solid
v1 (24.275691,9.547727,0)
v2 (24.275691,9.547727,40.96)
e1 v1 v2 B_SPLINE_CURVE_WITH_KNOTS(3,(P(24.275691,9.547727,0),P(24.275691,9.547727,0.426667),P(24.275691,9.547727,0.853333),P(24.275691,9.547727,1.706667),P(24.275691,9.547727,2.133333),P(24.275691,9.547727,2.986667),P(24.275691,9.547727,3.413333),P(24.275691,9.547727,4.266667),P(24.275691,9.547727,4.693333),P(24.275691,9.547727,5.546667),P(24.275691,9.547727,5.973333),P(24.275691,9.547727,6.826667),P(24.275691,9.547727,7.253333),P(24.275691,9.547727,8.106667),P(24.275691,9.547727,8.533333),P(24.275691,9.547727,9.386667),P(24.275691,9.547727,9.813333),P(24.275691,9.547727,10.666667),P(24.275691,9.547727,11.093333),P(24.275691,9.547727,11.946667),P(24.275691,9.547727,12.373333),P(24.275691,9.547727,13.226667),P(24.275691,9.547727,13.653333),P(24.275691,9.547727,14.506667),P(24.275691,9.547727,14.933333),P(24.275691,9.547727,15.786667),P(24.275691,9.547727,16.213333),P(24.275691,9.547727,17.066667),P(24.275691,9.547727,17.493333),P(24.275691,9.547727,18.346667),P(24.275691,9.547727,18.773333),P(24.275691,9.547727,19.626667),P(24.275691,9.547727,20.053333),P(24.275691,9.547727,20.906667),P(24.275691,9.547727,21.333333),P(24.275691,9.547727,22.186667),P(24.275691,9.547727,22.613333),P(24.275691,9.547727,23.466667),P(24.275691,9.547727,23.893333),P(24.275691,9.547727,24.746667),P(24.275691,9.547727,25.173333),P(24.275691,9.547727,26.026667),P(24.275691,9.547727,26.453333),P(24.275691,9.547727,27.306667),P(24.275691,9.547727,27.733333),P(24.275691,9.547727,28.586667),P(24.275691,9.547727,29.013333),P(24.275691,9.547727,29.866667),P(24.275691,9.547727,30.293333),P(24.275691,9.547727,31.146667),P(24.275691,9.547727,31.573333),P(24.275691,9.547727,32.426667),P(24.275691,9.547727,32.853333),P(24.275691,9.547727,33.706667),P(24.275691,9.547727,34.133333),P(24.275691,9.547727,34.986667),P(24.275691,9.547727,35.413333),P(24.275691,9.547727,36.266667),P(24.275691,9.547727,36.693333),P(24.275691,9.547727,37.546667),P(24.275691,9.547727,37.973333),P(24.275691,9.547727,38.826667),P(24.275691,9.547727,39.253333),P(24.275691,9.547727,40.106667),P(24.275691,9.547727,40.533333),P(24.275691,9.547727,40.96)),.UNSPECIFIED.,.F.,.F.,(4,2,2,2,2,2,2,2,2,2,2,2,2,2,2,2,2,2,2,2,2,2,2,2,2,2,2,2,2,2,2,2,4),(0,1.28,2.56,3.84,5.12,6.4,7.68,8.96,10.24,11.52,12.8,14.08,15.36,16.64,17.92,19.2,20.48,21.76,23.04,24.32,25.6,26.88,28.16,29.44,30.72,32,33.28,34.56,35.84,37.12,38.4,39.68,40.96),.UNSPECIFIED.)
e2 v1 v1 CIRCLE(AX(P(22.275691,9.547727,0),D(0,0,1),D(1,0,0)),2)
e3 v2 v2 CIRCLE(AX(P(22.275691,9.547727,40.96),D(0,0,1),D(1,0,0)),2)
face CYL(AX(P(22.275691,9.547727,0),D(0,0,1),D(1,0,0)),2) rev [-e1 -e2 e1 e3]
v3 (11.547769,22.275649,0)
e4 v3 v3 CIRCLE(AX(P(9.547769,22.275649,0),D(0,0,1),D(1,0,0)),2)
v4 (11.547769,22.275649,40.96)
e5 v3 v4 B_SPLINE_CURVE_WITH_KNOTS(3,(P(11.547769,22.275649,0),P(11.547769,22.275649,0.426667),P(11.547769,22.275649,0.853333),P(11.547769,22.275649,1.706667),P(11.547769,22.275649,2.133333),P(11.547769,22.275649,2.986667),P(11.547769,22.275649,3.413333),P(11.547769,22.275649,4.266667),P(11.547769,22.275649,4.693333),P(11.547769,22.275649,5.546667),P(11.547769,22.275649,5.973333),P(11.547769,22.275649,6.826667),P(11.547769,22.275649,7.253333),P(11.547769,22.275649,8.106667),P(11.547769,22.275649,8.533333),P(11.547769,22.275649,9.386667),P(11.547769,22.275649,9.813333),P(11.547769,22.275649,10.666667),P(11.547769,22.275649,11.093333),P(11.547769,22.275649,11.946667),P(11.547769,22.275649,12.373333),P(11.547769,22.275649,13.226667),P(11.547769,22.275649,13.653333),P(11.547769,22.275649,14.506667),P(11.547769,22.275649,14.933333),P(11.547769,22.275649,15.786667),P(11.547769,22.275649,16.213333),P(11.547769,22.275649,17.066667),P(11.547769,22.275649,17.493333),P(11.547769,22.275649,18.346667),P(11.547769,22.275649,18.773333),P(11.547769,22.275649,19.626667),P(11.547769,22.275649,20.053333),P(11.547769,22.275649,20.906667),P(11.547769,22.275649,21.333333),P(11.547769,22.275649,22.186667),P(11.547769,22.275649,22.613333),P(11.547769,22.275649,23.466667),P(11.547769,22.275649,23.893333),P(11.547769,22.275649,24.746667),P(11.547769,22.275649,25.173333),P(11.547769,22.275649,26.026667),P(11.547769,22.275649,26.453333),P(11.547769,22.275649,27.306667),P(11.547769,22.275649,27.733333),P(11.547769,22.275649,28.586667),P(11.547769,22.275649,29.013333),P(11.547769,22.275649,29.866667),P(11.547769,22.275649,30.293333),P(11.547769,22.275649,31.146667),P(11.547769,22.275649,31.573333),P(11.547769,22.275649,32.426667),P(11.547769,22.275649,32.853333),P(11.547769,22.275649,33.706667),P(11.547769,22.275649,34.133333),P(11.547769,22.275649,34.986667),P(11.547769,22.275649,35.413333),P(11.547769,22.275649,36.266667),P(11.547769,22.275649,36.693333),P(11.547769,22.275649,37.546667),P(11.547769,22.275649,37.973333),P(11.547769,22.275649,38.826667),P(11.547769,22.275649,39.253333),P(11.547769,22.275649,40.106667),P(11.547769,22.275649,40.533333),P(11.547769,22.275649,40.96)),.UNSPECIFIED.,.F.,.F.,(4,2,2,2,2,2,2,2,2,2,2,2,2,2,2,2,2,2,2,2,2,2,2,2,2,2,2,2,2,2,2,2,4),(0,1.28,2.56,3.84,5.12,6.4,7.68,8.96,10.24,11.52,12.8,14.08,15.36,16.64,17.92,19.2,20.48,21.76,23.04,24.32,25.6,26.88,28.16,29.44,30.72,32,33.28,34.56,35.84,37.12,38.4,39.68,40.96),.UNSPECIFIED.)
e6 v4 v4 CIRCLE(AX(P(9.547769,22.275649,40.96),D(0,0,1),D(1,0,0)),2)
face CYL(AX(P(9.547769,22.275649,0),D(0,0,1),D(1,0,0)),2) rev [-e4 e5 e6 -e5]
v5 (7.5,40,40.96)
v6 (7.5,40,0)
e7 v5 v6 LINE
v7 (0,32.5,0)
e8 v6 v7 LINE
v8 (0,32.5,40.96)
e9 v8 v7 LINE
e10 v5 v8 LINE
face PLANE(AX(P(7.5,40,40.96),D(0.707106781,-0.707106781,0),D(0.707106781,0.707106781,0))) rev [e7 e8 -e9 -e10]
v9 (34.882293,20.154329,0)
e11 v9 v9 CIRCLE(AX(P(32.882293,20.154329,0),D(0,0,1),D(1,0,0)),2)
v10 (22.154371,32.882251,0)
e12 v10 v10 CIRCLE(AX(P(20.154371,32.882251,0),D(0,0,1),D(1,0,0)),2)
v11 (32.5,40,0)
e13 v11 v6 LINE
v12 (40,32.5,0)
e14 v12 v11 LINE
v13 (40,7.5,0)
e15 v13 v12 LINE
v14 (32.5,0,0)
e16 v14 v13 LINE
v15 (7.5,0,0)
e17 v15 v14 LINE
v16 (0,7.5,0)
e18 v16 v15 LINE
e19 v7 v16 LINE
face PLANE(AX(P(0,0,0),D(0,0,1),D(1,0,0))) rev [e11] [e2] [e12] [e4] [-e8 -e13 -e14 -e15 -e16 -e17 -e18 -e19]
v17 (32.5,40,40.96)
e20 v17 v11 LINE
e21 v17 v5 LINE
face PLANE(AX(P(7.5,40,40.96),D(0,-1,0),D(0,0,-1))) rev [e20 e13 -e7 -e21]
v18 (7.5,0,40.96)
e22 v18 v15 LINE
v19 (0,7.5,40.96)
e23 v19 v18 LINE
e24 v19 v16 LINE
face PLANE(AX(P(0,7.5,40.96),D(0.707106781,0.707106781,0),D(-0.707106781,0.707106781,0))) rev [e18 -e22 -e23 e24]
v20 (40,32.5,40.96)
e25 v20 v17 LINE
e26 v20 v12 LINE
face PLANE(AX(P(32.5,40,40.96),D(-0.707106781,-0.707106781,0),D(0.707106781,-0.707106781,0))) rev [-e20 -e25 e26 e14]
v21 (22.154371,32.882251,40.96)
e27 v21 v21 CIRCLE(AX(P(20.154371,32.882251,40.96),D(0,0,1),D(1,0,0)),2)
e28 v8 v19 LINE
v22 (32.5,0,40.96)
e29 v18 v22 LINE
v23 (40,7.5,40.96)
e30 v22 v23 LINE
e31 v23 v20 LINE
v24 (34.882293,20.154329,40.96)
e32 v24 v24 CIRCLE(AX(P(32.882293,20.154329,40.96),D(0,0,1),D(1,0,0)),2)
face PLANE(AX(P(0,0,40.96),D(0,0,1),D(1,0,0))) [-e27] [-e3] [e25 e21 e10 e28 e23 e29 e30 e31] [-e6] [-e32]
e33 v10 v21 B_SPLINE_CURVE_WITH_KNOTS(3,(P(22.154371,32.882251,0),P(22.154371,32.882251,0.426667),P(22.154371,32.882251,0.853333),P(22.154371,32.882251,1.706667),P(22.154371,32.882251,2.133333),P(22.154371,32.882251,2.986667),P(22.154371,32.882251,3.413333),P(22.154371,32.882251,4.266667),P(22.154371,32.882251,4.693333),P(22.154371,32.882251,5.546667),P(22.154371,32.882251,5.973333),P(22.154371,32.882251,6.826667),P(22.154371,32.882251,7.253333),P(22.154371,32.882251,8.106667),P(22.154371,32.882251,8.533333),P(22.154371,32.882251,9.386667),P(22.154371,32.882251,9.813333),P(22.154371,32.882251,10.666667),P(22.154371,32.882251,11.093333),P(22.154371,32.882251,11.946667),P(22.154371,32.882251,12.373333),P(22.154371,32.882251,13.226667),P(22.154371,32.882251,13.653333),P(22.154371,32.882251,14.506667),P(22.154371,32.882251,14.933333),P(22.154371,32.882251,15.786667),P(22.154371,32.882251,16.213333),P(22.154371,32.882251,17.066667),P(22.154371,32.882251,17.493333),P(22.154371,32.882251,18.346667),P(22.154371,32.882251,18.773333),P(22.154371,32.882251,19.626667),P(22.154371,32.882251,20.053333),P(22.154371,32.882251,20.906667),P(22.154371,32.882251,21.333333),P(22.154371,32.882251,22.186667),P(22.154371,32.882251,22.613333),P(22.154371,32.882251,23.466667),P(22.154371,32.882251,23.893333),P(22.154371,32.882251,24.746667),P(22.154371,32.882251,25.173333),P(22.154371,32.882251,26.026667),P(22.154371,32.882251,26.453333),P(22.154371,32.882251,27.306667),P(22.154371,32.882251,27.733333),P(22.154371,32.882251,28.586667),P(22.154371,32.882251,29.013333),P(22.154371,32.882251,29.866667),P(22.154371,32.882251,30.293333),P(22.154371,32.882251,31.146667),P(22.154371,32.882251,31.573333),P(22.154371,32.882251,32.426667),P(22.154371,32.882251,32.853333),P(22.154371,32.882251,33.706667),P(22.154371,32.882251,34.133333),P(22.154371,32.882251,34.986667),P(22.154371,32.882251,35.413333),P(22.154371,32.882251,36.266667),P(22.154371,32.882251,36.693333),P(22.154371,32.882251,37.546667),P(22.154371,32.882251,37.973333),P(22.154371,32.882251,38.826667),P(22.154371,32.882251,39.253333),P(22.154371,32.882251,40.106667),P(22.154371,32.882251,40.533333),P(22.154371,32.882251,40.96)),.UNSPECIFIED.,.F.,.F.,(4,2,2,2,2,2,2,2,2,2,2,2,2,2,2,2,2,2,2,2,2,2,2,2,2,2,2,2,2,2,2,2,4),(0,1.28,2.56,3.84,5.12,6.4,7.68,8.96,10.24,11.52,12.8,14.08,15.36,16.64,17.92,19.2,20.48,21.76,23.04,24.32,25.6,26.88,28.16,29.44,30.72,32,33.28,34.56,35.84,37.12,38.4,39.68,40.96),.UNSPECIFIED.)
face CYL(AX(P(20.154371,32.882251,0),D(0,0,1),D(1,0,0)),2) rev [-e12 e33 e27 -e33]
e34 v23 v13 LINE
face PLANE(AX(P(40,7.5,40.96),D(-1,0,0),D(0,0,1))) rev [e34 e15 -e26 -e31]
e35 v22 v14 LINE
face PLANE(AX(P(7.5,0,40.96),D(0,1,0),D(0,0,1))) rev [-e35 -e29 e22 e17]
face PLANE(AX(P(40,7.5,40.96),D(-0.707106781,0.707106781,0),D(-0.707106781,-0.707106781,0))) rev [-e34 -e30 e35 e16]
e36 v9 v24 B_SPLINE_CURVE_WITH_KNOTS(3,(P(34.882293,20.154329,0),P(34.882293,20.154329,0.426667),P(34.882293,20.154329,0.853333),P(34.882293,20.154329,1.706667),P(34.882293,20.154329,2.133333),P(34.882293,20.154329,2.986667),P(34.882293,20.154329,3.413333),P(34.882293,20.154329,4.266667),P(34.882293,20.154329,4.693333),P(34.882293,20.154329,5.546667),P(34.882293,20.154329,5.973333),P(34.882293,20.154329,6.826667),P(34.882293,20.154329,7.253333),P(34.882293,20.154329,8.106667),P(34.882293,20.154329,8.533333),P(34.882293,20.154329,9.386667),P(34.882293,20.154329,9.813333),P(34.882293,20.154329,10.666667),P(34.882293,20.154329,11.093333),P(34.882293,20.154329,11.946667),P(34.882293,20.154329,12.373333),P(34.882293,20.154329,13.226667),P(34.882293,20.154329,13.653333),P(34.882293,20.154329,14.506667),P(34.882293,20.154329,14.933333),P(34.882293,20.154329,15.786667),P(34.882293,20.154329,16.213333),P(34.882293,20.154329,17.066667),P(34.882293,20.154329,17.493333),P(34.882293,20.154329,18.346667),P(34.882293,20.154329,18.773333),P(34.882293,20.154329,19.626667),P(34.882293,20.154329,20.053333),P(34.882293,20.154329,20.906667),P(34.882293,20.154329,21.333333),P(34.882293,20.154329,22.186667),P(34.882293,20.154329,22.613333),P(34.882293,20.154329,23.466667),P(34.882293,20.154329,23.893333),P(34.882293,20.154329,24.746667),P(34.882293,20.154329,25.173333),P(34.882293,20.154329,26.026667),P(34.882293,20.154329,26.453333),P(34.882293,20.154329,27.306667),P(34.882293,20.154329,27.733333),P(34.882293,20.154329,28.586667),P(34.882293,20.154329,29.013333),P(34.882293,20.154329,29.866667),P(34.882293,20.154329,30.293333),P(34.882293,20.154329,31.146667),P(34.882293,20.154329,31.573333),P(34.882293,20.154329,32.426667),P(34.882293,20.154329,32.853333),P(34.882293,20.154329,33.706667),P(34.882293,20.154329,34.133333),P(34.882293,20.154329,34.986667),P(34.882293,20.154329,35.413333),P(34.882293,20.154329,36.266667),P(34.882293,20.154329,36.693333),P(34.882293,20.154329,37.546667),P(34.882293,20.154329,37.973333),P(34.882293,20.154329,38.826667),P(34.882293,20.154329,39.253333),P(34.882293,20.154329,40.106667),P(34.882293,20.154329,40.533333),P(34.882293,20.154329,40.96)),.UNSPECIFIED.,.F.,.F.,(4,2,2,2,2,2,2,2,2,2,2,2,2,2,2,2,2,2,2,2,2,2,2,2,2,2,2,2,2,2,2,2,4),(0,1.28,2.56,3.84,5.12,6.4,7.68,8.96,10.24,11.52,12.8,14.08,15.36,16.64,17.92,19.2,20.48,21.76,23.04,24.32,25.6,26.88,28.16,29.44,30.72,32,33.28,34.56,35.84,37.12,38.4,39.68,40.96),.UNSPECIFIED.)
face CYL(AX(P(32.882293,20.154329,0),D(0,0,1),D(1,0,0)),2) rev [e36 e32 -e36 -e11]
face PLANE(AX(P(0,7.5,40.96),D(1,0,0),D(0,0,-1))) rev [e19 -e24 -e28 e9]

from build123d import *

# Parameters (mm, degrees)
BOSS_EXTRUDE1_DEPTH = 40.96
SKETCH2_R           = 2
CUT_EXTRUDE1_DEPTH  = 70.840687282


with BuildPart() as part:
    # Sketch1 → Boss-Extrude1 (new body)
    with BuildSketch(Plane.XY):
        Polygon((7.5, 40), (0, 32.5), (0, 7.5), (7.5, 0), (32.5, 0), (40, 7.5), (40, 32.5), (32.5, 40), align=None)
    extrude(amount=BOSS_EXTRUDE1_DEPTH)

    # Sketch2 → Cut-Extrude1 (cut, through all)
    with BuildSketch(Plane.XY.offset(40.96)):
        with Locations((20.154370806, 32.88225099)):
            Circle(SKETCH2_R)
        with Locations((9.547769088, 22.275649272)):
            Circle(SKETCH2_R)
        with Locations((22.275691149, 9.547727211)):
            Circle(SKETCH2_R)
        with Locations((32.882292867, 20.154328929)):
            Circle(SKETCH2_R)
    extrude(amount=-CUT_EXTRUDE1_DEPTH, mode=Mode.SUBTRACT)


solid = part.part
